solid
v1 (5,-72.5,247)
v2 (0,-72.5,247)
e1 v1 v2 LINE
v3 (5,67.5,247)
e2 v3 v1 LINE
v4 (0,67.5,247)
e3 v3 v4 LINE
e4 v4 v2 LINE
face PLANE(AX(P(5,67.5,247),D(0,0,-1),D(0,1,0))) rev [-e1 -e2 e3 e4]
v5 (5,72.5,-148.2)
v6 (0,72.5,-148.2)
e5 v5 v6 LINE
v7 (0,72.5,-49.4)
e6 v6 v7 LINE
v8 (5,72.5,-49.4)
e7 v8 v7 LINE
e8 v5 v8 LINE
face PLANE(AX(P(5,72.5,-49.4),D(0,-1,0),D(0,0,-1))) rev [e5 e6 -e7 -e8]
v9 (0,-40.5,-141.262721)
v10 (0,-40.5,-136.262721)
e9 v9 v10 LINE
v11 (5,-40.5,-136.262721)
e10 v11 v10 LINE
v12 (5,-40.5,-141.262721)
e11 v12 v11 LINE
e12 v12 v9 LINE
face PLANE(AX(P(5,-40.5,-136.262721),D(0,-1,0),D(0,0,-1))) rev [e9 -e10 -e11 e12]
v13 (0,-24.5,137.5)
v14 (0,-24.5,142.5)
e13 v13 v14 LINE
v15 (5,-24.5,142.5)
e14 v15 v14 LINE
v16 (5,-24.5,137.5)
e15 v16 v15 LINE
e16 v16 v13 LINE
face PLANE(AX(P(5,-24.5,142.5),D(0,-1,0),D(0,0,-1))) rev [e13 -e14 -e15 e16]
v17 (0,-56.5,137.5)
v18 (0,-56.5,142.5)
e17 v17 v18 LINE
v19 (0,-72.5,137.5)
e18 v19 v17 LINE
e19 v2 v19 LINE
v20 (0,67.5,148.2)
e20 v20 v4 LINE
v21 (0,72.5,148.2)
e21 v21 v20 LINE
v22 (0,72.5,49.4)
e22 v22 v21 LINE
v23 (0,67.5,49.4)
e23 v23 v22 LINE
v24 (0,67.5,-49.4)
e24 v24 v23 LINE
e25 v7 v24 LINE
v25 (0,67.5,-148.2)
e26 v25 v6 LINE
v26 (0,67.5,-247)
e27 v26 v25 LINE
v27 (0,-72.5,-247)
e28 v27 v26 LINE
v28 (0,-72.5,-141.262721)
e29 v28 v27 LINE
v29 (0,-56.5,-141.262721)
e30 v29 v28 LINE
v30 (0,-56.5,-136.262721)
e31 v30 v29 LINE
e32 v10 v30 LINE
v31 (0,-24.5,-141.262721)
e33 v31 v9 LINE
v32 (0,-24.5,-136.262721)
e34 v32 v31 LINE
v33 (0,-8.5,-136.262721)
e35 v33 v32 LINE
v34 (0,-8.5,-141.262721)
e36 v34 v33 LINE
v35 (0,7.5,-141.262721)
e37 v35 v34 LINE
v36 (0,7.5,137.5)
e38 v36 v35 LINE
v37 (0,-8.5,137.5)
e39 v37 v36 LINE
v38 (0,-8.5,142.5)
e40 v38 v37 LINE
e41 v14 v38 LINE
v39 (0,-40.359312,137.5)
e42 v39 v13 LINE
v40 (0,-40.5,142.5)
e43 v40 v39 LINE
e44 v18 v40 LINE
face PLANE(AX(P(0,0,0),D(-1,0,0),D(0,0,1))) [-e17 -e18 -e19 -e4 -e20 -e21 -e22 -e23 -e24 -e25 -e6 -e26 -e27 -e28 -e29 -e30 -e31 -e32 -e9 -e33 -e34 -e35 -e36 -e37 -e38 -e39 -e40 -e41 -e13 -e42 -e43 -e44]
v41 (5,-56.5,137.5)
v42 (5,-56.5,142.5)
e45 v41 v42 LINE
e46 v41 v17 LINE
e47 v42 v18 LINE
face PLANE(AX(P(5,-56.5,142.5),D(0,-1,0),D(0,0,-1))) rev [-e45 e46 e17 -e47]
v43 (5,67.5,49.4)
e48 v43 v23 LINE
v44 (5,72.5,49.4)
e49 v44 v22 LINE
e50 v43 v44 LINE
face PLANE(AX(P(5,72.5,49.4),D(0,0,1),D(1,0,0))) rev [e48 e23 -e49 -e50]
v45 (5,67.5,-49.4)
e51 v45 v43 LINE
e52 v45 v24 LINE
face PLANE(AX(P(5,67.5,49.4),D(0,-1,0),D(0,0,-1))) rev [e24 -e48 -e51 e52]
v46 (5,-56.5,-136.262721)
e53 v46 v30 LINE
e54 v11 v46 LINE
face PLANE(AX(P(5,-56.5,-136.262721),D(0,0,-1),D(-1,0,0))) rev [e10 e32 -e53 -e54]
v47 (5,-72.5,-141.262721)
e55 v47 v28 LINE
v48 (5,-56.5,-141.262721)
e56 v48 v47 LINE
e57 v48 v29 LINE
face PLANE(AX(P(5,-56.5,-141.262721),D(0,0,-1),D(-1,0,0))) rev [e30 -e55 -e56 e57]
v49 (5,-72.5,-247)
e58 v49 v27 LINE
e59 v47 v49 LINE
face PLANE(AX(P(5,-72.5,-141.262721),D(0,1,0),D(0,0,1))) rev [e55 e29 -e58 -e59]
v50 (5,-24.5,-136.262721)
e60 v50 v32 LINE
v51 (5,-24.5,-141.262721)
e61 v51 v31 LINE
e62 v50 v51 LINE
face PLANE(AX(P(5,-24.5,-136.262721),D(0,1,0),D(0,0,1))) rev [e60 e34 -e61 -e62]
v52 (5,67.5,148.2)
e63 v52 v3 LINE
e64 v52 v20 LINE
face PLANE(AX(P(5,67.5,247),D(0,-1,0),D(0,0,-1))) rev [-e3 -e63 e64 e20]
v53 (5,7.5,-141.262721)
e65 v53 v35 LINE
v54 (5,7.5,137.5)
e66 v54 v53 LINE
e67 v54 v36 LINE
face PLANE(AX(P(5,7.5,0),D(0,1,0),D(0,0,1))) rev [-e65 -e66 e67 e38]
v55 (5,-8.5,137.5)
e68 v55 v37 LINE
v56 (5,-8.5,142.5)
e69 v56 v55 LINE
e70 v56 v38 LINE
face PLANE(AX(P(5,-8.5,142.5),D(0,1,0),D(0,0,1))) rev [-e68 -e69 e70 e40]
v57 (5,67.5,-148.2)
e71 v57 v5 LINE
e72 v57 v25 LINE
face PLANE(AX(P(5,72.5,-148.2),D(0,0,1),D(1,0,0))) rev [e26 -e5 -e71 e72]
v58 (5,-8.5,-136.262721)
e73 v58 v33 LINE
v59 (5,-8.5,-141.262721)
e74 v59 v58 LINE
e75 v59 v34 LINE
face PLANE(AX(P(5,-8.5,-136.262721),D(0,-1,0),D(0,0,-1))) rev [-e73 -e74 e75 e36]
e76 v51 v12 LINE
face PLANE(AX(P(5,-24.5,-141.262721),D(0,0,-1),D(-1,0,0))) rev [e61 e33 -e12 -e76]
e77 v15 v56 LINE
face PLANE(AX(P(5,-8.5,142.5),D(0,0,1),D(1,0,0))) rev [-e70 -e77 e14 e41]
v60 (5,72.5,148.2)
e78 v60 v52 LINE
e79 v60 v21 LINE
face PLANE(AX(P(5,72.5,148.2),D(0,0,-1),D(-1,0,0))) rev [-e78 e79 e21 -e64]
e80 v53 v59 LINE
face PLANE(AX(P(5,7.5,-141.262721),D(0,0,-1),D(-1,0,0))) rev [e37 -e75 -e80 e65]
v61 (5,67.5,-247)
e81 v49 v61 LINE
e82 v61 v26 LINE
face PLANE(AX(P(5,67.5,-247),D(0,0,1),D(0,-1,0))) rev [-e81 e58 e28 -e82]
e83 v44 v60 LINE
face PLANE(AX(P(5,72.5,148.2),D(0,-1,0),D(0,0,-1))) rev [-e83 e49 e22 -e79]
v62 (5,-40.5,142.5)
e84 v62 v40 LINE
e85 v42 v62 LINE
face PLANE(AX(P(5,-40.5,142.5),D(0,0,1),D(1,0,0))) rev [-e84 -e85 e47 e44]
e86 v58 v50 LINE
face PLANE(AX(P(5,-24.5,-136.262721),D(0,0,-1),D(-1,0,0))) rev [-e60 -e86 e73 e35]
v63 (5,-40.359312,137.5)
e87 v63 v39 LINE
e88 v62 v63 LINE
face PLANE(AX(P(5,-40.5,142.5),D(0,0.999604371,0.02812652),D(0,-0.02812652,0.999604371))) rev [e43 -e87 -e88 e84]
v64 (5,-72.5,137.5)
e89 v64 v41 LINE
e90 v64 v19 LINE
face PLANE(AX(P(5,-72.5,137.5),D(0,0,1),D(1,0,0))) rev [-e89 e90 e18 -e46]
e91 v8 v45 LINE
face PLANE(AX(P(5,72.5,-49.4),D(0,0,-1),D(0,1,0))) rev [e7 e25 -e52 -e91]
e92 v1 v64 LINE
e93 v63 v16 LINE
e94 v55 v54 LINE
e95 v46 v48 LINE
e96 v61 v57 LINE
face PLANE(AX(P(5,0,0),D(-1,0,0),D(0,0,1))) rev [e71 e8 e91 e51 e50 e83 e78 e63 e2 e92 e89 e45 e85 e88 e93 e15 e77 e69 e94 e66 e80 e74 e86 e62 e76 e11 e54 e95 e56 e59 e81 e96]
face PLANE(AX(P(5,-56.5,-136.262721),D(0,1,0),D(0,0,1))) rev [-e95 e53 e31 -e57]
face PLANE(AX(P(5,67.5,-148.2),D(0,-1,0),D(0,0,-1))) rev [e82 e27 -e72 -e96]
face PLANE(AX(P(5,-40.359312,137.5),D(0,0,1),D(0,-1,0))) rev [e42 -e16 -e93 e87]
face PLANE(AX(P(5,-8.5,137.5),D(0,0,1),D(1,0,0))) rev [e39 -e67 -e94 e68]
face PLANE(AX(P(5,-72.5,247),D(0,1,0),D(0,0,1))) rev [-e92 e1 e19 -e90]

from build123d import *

# Parameters (mm, degrees)
BOSS_EXTRUDE1_DEPTH = 5


with BuildPart() as part:
    # Sketch1 → Boss-Extrude1 (new body)
    with BuildSketch(Plane(origin=(0, 0, 0), x_dir=(0, 0, -1), z_dir=(1, 0, 0))):
        Polygon((-247, 67.5), (-148.2, 67.5), (-148.2, 72.5), (-49.4, 72.5), (-49.4, 67.5), (49.4, 67.5), (49.4, 72.5), (148.2, 72.5), (148.2, 67.5), (247, 67.5), (247, -72.5), (141.262721236, -72.5), (141.262721236, -56.5), (136.262721236, -56.5), (136.262721236, -40.5), (141.262721236, -40.5), (141.262721236, -24.5), (136.262721236, -24.5), (136.262721236, -8.5), (141.262721236, -8.5), (141.262721236, 7.5), (0, 7.5), (-137.5, 7.5), (-137.5, -8.5), (-142.5, -8.5), (-142.5, -24.5), (-137.5, -24.5), (-137.5, -40.359311741), (-142.5, -40.5), (-142.5, -56.5), (-137.5, -56.5), (-137.5, -72.5), (-247, -72.5), align=None)
    extrude(amount=BOSS_EXTRUDE1_DEPTH)


solid = part.part
